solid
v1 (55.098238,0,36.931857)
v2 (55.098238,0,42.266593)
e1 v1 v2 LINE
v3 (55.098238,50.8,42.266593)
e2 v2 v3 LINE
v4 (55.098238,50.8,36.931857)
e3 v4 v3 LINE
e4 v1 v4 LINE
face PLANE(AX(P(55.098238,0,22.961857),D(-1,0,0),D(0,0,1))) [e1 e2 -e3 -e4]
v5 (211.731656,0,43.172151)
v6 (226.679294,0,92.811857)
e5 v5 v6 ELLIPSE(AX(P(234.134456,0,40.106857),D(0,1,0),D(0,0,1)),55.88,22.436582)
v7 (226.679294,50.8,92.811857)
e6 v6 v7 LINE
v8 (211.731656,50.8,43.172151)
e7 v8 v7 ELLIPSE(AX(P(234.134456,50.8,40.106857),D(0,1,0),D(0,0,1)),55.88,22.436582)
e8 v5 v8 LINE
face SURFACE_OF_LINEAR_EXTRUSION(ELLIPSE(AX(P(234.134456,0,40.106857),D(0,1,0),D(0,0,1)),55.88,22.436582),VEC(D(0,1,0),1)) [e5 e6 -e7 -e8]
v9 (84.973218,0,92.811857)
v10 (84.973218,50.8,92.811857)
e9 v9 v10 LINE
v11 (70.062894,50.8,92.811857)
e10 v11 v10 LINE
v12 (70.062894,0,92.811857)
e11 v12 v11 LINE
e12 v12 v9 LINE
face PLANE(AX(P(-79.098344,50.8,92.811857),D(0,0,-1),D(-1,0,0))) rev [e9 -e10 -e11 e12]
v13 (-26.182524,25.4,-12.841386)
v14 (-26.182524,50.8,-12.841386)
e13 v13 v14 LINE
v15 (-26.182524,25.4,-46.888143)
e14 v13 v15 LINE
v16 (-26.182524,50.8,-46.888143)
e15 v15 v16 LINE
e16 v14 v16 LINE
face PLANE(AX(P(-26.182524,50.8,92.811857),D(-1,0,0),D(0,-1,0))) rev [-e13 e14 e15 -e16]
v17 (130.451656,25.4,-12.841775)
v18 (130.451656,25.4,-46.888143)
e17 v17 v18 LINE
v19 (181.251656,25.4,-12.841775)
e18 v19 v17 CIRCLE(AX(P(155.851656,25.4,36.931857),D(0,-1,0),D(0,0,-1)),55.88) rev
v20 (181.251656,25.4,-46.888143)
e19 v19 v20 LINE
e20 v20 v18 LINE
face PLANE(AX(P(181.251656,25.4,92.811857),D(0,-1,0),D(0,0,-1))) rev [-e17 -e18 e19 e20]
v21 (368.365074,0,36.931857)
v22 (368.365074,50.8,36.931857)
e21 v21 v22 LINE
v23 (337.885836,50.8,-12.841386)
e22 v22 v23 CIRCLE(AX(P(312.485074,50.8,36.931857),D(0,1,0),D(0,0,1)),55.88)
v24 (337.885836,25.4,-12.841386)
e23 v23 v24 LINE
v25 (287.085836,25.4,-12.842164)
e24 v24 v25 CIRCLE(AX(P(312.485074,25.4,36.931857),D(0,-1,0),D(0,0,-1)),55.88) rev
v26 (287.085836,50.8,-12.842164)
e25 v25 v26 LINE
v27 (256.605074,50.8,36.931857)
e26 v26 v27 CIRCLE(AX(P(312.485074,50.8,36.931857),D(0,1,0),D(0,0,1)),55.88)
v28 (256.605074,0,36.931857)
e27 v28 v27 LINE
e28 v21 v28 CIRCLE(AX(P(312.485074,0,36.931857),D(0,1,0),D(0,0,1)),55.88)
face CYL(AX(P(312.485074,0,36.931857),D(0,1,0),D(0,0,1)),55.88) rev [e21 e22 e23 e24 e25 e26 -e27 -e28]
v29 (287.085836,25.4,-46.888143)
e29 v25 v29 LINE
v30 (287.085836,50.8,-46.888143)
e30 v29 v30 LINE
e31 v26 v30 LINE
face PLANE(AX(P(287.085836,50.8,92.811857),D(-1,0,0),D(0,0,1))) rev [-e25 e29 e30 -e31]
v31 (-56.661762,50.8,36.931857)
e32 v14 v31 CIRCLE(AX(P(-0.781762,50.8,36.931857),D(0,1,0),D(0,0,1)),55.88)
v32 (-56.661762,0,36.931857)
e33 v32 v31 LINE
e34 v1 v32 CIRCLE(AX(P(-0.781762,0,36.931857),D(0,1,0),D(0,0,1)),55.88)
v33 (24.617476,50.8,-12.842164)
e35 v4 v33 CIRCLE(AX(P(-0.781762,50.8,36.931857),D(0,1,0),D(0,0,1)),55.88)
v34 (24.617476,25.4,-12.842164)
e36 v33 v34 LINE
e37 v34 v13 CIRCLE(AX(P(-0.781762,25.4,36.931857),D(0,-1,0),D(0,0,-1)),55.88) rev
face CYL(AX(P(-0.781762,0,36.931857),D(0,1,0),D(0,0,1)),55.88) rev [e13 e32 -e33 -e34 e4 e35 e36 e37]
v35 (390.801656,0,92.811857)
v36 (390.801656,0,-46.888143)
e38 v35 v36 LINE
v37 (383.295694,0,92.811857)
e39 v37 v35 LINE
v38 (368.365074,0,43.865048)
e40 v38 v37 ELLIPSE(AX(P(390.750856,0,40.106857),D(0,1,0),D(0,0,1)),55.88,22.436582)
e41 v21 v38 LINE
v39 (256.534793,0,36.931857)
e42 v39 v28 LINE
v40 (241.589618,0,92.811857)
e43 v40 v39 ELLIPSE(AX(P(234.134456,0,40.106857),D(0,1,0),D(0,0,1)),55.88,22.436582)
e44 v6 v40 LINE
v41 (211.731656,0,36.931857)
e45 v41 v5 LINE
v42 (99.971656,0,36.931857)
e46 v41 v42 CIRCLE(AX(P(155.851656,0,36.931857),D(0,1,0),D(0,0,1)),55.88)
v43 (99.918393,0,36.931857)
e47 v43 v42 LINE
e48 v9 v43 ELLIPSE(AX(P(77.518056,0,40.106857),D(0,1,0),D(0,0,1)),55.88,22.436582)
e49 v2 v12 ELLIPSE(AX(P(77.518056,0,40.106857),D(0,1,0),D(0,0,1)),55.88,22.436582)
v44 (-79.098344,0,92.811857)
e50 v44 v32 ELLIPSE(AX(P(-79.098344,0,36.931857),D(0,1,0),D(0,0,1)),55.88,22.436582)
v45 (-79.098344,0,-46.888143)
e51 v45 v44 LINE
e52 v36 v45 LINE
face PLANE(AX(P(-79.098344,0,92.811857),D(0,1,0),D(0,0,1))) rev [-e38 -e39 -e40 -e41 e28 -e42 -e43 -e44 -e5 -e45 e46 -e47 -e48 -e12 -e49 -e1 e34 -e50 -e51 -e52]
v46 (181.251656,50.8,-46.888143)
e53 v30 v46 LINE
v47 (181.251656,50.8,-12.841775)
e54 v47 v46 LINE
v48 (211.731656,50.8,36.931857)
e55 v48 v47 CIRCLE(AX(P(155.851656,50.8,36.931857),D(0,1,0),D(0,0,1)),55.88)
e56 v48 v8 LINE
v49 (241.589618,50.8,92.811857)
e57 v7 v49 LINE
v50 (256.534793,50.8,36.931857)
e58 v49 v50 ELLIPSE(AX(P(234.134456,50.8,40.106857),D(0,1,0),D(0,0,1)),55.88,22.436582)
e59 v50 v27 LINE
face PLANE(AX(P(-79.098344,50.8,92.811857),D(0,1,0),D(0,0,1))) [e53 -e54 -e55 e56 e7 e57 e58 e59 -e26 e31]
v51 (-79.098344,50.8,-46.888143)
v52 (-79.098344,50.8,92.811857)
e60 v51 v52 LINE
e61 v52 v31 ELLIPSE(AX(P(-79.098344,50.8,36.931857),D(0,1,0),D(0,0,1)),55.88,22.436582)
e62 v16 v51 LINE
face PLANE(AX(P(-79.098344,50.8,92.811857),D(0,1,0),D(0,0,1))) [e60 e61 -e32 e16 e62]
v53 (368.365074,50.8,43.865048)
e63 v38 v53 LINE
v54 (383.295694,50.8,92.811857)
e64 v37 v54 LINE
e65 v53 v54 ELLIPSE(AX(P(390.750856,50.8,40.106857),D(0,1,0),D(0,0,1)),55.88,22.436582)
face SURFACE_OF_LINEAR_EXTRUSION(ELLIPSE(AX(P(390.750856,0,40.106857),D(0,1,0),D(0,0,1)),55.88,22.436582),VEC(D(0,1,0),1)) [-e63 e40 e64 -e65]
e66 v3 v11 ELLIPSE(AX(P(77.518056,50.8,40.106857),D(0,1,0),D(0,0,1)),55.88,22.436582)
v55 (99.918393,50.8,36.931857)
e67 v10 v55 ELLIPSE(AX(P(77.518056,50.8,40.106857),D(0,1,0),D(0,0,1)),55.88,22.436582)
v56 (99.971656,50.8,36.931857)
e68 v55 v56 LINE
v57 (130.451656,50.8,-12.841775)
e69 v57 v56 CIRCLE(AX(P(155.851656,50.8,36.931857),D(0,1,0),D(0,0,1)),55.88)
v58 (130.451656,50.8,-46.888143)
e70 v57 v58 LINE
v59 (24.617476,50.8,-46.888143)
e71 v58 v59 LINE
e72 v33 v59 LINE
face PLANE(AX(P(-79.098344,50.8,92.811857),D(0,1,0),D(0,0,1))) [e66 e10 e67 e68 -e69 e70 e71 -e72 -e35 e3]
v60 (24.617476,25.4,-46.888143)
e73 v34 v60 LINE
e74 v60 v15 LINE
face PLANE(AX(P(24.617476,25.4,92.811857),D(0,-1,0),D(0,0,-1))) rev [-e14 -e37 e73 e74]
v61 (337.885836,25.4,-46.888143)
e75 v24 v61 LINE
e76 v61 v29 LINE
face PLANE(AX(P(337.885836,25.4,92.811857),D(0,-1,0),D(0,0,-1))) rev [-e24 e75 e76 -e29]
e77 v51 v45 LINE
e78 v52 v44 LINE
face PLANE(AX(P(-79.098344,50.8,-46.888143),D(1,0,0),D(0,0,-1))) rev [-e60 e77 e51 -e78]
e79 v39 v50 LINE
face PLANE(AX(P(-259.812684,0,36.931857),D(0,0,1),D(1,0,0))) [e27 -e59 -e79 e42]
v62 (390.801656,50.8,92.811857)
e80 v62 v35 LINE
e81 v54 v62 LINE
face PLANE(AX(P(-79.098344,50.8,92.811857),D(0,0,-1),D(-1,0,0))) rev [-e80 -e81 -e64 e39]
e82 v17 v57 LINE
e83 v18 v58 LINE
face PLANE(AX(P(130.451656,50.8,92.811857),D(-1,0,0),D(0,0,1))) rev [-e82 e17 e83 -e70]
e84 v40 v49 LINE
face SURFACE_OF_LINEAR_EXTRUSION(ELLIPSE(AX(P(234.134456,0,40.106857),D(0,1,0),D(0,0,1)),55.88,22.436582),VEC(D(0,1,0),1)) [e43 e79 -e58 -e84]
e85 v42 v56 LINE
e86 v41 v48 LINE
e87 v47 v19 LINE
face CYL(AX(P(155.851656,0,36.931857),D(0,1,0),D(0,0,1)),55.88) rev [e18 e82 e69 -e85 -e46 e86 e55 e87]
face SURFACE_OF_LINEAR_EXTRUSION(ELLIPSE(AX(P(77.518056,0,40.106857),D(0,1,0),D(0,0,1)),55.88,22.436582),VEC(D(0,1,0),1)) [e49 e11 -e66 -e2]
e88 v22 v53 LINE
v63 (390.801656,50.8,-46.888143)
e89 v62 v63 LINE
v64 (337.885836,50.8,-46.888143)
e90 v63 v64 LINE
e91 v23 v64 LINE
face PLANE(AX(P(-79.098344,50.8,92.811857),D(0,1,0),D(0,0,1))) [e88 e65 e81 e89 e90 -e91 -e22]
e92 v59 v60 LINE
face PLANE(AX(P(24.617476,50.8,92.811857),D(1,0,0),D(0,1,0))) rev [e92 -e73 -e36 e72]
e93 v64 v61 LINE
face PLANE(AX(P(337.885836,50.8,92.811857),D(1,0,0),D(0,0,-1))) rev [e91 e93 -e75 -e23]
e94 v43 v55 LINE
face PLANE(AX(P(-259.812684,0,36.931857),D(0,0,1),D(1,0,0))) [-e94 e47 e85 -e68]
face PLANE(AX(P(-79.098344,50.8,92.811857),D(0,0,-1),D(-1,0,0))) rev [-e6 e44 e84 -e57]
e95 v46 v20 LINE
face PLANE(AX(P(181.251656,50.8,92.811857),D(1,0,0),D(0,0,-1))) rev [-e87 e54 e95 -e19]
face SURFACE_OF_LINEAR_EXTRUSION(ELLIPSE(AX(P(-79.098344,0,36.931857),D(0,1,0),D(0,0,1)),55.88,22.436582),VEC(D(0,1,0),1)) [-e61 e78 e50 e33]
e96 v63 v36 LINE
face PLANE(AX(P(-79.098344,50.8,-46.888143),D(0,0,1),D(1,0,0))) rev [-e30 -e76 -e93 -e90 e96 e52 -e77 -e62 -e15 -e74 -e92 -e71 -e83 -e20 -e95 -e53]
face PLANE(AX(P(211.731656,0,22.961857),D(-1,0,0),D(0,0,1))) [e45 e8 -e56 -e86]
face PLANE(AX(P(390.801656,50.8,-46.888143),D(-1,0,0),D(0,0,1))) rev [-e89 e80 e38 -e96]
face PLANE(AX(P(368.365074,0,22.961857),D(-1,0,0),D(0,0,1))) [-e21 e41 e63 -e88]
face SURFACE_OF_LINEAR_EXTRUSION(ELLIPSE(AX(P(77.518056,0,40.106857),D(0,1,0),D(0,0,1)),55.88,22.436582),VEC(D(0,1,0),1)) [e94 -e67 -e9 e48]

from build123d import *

# Parameters (mm, degrees)
SKETCH1_W           = 469.9
SKETCH1_H           = 139.7
BOSS_EXTRUDE1_DEPTH = 50.8
SKETCH2_R           = 55.88
CUT_EXTRUDE3_DEPTH  = 405.871109401
CUT_EXTRUDE5_DEPTH  = 405.871109401
SKETCH5_W           = 50.8
SKETCH5_H           = 25.4
CUT_EXTRUDE6_DEPTH  = 419.118003235


with BuildPart() as part:
    # Sketch1 → Boss-Extrude1 (new body)
    with BuildSketch(Plane(origin=(0, 0, 0), x_dir=(1, 0, 0), z_dir=(0, 1, 0))):
        with Locations((155.851656231, -22.96185654)):
            Rectangle(SKETCH1_W, SKETCH1_H)
    extrude(amount=BOSS_EXTRUDE1_DEPTH)

    # Sketch2 → Cut-Extrude3 (cut, through all)
    with BuildSketch(Plane(origin=(0, 50.8, 0), x_dir=(1, 0, 0), z_dir=(0, 1, 0))):
        with BuildLine():
            Line((55.098238231, -92.81185654), (55.098238231, -36.93185654))
            ThreePointArc((55.098238231, -36.93185654), (38.731365092, -76.444983544), (-0.781761972, -92.81185654))
            Line((-0.781761972, -92.81185654), (55.098238231, -92.81185654))
        make_face()
        with BuildLine():
            ThreePointArc((-0.781761972, -92.81185654), (-40.294888773, -76.4449834), (-56.661761769, -36.93185654))
            Line((-56.661761769, -36.93185654), (-56.661761769, -92.81185654))
            Line((-56.661761769, -92.81185654), (-0.781761972, -92.81185654))
        make_face()
        with BuildLine():
            Line((99.971656231, -36.93185654), (99.971656231, -92.81185654))
            Line((99.971656231, -92.81185654), (155.851656231, -92.81185654))
            ThreePointArc((155.851656231, -92.81185654), (116.338529299, -76.444983472), (99.971656231, -36.93185654))
        make_face()
        with BuildLine():
            ThreePointArc((211.731656231, -36.93185654), (195.364783164, -76.444983472), (155.851656231, -92.81185654))
            Line((155.851656231, -92.81185654), (211.731656231, -92.81185654))
            Line((211.731656231, -92.81185654), (211.731656231, -36.93185654))
        make_face()
        with BuildLine():
            Line((256.605074231, -36.93185654), (256.605074231, -92.81185654))
            Line((256.605074231, -92.81185654), (312.485074664, -92.81185654))
            ThreePointArc((312.485074664, -92.81185654), (272.971947451, -76.444983625), (256.605074231, -36.93185654))
        make_face()
        with BuildLine():
            ThreePointArc((368.365074231, -36.93185654), (351.998201317, -76.444983319), (312.485074664, -92.81185654))
            Line((312.485074664, -92.81185654), (368.365074231, -92.81185654))
            Line((368.365074231, -92.81185654), (368.365074231, -36.93185654))
        make_face()
        with Locations((312.485074231, -36.93185654)):
            Circle(SKETCH2_R)
        with Locations((155.851656231, -36.93185654)):
            Circle(SKETCH2_R)
        with Locations((-0.781761769, -36.93185654)):
            Circle(SKETCH2_R)
    extrude(amount=-CUT_EXTRUDE3_DEPTH, mode=Mode.SUBTRACT)

    # Sketch3 → Cut-Extrude5 (cut, through all)
    with BuildSketch(Plane(origin=(0, 50.8, 0), x_dir=(1, 0, 0), z_dir=(0, 1, 0))):
        with BuildLine():
            Line((-56.661761769, -92.81185654), (-56.661761769, -36.93185654))
            add(Edge.make_bspline(
                [(-79.098343769, -92.81185654), (-56.661761769, -92.81185654), (-56.661761769, -36.93185654)],
                knots=[0, 0, 0, 1.570796327, 1.570796327, 1.570796327], degree=2, weights=[1, 0.707106781, 1]))
            Line((-79.098343769, -92.81185654), (-56.661761769, -92.81185654))
        make_face()
        with BuildLine():
            add(Edge.make_bspline(
                [(55.098238231, -42.266592873), (55.687318095, -80.198521665), (70.062894281, -92.81185654)],
                knots=[4.75104815, 4.75104815, 4.75104815, 5.944468502, 5.944468502, 5.944468502], degree=2, weights=[1, 0.82718872, 1]))
            Line((55.098238231, -42.266592873), (55.098238231, -92.81185654))
            Line((55.098238231, -92.81185654), (70.062894281, -92.81185654))
        make_face()
        with BuildLine():
            Line((99.971656231, -36.93185654), (99.918392881, -36.93185654))
            add(Edge.make_bspline(
                [(84.973218182, -92.81185654), (100.8764169, -78.858163942), (99.918392881, -36.93185654)],
                knots=[0.338716805, 0.338716805, 0.338716805, 1.627645124, 1.627645124, 1.627645124], degree=2, weights=[1, 0.799421799, 1]))
            Line((84.973218182, -92.81185654), (99.971656231, -92.81185654))
            Line((99.971656231, -92.81185654), (99.971656231, -36.93185654))
        make_face()
        with BuildLine():
            add(Edge.make_bspline(
                [(211.731656231, -43.172150916), (212.553221033, -80.41743909), (226.679294281, -92.81185654)],
                knots=[4.767271474, 4.767271474, 4.767271474, 5.944468502, 5.944468502, 5.944468502], degree=2, weights=[1, 0.831719595, 1]))
            Line((211.731656231, -43.172150916), (211.731656231, -92.81185654))
            Line((211.731656231, -92.81185654), (226.679294281, -92.81185654))
        make_face()
        with BuildLine():
            Line((256.605074231, -36.93185654), (256.534792881, -36.93185654))
            add(Edge.make_bspline(
                [(241.589618182, -92.81185654), (257.4928169, -78.858163942), (256.534792881, -36.93185654)],
                knots=[0.338716805, 0.338716805, 0.338716805, 1.627645124, 1.627645124, 1.627645124], degree=2, weights=[1, 0.799421799, 1]))
            Line((241.589618182, -92.81185654), (256.605074231, -92.81185654))
            Line((256.605074231, -92.81185654), (256.605074231, -36.93185654))
        make_face()
        with BuildLine():
            add(Edge.make_bspline(
                [(368.365074231, -43.865048297), (369.358856755, -80.583477202), (383.295694281, -92.81185654)],
                knots=[4.779694469, 4.779694469, 4.779694469, 5.944468502, 5.944468502, 5.944468502], degree=2, weights=[1, 0.835152126, 1]))
            Line((368.365074231, -43.865048297), (368.365074231, -92.81185654))
            Line((368.365074231, -92.81185654), (383.295694281, -92.81185654))
        make_face()
    extrude(amount=-CUT_EXTRUDE5_DEPTH, mode=Mode.SUBTRACT)

    # Sketch5 → Cut-Extrude6 (cut, through all)
    with BuildSketch(Plane(origin=(0, 0, -46.88814346), x_dir=(-1, 0, 0), z_dir=(0, 0, -1))):
        with Locations((-312.485836231, 38.1)):
            Rectangle(SKETCH5_W, SKETCH5_H)
        with Locations((-155.851656231, 38.1)):
            Rectangle(SKETCH5_W, SKETCH5_H)
        with Locations((0.782523769, 38.1)):
            Rectangle(SKETCH5_W, SKETCH5_H)
    extrude(amount=-CUT_EXTRUDE6_DEPTH, mode=Mode.SUBTRACT)


solid = part.part
